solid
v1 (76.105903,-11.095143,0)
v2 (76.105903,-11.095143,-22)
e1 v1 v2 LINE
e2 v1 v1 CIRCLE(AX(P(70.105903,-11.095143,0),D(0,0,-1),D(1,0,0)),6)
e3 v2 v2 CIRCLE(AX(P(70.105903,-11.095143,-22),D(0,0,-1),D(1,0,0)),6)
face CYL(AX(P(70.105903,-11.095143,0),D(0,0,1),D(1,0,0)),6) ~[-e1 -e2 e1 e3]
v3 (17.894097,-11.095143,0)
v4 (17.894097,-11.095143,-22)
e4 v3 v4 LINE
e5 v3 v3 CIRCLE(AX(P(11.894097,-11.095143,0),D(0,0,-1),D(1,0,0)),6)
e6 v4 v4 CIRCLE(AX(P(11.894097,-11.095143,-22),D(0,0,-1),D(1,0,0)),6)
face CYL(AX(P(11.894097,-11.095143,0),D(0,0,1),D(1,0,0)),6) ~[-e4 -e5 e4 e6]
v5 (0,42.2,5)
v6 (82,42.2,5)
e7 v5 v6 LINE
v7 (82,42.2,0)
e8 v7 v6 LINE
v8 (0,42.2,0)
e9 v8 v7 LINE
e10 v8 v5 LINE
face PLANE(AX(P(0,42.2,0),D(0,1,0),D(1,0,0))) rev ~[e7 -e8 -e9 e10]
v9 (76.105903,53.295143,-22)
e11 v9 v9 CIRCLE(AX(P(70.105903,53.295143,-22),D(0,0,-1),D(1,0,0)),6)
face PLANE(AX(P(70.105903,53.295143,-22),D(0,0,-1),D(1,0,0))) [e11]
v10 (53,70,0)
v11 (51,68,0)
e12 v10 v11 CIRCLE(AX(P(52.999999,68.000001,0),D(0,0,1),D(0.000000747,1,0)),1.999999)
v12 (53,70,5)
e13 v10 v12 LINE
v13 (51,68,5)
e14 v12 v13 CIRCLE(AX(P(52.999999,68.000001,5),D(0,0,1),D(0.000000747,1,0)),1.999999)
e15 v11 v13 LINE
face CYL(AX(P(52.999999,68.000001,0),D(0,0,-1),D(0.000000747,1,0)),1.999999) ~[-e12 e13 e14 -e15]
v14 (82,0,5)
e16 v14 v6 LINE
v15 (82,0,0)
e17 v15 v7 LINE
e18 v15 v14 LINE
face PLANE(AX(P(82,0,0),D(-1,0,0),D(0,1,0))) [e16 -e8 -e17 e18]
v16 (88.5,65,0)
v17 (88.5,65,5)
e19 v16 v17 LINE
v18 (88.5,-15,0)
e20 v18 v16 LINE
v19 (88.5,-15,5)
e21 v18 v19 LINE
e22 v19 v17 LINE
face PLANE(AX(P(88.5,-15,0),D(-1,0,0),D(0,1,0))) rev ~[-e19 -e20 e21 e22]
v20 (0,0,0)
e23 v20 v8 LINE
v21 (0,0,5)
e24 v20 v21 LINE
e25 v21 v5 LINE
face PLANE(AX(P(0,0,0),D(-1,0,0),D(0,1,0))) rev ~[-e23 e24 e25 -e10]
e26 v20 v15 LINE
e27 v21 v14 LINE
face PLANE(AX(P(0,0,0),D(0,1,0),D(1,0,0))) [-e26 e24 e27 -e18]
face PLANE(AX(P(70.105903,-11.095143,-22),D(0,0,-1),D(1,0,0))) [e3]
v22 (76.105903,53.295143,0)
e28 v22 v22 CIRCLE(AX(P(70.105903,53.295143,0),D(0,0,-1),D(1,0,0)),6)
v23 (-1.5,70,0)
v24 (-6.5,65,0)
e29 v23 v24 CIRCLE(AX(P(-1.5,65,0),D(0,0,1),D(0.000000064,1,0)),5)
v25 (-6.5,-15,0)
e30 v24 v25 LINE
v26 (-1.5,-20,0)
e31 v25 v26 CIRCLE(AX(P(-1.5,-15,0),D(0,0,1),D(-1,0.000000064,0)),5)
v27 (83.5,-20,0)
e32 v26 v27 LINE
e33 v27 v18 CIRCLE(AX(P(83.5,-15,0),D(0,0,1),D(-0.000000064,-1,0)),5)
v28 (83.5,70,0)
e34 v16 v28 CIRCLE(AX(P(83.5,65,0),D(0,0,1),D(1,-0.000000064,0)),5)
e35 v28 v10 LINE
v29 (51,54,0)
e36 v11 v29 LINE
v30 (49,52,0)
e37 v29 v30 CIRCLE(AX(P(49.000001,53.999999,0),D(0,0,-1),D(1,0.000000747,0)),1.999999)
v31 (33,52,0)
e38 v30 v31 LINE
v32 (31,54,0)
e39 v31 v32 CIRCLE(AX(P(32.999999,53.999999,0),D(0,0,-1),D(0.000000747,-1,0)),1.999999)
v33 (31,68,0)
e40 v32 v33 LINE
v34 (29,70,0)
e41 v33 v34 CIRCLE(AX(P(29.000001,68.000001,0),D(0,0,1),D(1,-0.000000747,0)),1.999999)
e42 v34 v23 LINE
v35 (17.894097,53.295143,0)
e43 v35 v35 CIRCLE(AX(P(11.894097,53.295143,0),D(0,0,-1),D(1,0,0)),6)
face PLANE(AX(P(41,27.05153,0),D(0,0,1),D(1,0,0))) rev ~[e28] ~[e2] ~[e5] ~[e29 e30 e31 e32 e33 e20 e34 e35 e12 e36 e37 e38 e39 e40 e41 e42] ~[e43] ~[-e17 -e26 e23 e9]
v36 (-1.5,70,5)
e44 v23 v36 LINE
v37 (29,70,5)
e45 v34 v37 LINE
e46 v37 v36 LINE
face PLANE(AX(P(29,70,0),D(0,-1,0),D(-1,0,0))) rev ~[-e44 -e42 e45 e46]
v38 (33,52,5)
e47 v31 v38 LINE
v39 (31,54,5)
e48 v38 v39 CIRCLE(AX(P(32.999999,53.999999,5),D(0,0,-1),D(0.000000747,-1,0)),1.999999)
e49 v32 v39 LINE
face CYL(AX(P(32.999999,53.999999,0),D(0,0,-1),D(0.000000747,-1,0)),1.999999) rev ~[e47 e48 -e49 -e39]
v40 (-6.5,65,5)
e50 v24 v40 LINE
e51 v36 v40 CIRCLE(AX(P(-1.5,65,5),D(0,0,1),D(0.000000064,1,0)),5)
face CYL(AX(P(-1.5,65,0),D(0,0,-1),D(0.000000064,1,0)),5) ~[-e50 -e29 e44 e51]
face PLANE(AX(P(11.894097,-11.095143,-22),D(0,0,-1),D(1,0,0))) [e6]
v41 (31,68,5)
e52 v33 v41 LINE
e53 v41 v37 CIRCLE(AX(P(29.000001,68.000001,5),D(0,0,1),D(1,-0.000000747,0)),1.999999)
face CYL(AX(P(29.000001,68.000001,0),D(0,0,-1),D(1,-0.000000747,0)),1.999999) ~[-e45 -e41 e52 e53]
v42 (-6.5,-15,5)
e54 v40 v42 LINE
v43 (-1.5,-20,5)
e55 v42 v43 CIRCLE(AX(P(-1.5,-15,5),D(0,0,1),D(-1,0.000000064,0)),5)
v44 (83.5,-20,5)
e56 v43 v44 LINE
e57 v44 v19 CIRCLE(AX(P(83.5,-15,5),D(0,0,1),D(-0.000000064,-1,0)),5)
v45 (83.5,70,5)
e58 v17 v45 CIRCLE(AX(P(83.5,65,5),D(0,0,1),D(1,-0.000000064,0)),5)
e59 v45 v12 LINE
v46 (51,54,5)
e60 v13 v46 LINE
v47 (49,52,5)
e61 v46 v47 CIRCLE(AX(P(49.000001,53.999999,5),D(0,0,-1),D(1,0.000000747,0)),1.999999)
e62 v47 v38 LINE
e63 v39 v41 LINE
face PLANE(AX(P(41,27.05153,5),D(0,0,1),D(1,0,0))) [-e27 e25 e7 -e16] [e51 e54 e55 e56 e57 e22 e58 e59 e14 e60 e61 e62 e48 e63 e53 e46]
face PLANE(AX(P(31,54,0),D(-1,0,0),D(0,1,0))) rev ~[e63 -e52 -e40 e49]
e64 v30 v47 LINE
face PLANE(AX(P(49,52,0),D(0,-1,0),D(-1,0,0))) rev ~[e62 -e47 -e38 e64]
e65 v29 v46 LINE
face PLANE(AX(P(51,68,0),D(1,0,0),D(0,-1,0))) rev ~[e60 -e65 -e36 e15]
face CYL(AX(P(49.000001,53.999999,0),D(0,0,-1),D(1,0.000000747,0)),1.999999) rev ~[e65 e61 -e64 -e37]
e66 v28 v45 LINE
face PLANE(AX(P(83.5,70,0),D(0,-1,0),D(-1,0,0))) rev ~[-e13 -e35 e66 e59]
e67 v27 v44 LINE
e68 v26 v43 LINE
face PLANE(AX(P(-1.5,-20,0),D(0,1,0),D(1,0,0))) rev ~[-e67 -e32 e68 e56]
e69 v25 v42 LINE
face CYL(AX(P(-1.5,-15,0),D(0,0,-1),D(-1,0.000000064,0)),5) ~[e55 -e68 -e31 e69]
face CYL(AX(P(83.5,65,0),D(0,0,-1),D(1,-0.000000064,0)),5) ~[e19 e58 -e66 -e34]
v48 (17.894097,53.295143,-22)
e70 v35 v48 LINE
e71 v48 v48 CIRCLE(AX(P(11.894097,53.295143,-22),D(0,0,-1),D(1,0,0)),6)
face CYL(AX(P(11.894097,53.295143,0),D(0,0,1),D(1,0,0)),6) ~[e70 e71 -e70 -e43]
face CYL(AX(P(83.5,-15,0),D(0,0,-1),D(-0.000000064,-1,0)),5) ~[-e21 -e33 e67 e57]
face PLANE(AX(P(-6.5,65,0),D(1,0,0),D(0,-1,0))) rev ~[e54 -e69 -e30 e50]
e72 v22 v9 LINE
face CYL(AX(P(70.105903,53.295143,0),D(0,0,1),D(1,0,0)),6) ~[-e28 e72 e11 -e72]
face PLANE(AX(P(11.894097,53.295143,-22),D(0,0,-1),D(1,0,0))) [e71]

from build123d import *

# Parameters (mm, degrees)
F0_W     = 82
F0_H     = 42.2
F1_DEPTH = 5
F2_R     = 6
F3_DEPTH = 22


with BuildPart() as f1:
    # F0 (on Top) → F1 (new body)
    with BuildSketch(Plane.XY):
        with BuildLine():
            ThreePointArc((-6.5, -15), (-5.035534, -18.535534), (-1.5, -20))
            Line((-1.5, -20), (83.5, -20))
            ThreePointArc((83.5, -20), (87.035534, -18.535534), (88.5, -15))
            Line((88.5, -15), (88.5, 65))
            ThreePointArc((88.5, 65), (87.035534, 68.535534), (83.5, 70))
            Line((83.5, 70), (53, 70))
            ThreePointArc((53, 70), (51.585786, 69.414214), (51, 68))
            Line((51, 68), (51, 54))
            ThreePointArc((51, 54), (50.414214, 52.585786), (49, 52))
            Line((49, 52), (33, 52))
            ThreePointArc((33, 52), (31.585786, 52.585786), (31, 54))
            Line((31, 54), (31, 68))
            ThreePointArc((31, 68), (30.414214, 69.414214), (29, 70))
            Line((29, 70), (-1.5, 70))
            ThreePointArc((-1.5, 70), (-5.035534, 68.535534), (-6.5, 65))
            Line((-6.5, 65), (-6.5, -15))
        make_face()
        with Locations((41, 21.1)):
            Rectangle(F0_W, F0_H, mode=Mode.SUBTRACT)
    extrude(amount=F1_DEPTH)

    # F2 (on face) → F3 (join)
    with BuildSketch(Plane(origin=(0, 0, 0), x_dir=(1, 0, 0), z_dir=(0, 0, -1))):
        with Locations((70.105903, -53.295143)):
            Circle(F2_R)
        with Locations((11.894097, -53.295143)):
            Circle(F2_R)
        with Locations((70.105903, 11.095143)):
            Circle(F2_R)
        with Locations((11.894097, 11.095143)):
            Circle(F2_R)
    extrude(amount=F3_DEPTH)


solid = f1.part
